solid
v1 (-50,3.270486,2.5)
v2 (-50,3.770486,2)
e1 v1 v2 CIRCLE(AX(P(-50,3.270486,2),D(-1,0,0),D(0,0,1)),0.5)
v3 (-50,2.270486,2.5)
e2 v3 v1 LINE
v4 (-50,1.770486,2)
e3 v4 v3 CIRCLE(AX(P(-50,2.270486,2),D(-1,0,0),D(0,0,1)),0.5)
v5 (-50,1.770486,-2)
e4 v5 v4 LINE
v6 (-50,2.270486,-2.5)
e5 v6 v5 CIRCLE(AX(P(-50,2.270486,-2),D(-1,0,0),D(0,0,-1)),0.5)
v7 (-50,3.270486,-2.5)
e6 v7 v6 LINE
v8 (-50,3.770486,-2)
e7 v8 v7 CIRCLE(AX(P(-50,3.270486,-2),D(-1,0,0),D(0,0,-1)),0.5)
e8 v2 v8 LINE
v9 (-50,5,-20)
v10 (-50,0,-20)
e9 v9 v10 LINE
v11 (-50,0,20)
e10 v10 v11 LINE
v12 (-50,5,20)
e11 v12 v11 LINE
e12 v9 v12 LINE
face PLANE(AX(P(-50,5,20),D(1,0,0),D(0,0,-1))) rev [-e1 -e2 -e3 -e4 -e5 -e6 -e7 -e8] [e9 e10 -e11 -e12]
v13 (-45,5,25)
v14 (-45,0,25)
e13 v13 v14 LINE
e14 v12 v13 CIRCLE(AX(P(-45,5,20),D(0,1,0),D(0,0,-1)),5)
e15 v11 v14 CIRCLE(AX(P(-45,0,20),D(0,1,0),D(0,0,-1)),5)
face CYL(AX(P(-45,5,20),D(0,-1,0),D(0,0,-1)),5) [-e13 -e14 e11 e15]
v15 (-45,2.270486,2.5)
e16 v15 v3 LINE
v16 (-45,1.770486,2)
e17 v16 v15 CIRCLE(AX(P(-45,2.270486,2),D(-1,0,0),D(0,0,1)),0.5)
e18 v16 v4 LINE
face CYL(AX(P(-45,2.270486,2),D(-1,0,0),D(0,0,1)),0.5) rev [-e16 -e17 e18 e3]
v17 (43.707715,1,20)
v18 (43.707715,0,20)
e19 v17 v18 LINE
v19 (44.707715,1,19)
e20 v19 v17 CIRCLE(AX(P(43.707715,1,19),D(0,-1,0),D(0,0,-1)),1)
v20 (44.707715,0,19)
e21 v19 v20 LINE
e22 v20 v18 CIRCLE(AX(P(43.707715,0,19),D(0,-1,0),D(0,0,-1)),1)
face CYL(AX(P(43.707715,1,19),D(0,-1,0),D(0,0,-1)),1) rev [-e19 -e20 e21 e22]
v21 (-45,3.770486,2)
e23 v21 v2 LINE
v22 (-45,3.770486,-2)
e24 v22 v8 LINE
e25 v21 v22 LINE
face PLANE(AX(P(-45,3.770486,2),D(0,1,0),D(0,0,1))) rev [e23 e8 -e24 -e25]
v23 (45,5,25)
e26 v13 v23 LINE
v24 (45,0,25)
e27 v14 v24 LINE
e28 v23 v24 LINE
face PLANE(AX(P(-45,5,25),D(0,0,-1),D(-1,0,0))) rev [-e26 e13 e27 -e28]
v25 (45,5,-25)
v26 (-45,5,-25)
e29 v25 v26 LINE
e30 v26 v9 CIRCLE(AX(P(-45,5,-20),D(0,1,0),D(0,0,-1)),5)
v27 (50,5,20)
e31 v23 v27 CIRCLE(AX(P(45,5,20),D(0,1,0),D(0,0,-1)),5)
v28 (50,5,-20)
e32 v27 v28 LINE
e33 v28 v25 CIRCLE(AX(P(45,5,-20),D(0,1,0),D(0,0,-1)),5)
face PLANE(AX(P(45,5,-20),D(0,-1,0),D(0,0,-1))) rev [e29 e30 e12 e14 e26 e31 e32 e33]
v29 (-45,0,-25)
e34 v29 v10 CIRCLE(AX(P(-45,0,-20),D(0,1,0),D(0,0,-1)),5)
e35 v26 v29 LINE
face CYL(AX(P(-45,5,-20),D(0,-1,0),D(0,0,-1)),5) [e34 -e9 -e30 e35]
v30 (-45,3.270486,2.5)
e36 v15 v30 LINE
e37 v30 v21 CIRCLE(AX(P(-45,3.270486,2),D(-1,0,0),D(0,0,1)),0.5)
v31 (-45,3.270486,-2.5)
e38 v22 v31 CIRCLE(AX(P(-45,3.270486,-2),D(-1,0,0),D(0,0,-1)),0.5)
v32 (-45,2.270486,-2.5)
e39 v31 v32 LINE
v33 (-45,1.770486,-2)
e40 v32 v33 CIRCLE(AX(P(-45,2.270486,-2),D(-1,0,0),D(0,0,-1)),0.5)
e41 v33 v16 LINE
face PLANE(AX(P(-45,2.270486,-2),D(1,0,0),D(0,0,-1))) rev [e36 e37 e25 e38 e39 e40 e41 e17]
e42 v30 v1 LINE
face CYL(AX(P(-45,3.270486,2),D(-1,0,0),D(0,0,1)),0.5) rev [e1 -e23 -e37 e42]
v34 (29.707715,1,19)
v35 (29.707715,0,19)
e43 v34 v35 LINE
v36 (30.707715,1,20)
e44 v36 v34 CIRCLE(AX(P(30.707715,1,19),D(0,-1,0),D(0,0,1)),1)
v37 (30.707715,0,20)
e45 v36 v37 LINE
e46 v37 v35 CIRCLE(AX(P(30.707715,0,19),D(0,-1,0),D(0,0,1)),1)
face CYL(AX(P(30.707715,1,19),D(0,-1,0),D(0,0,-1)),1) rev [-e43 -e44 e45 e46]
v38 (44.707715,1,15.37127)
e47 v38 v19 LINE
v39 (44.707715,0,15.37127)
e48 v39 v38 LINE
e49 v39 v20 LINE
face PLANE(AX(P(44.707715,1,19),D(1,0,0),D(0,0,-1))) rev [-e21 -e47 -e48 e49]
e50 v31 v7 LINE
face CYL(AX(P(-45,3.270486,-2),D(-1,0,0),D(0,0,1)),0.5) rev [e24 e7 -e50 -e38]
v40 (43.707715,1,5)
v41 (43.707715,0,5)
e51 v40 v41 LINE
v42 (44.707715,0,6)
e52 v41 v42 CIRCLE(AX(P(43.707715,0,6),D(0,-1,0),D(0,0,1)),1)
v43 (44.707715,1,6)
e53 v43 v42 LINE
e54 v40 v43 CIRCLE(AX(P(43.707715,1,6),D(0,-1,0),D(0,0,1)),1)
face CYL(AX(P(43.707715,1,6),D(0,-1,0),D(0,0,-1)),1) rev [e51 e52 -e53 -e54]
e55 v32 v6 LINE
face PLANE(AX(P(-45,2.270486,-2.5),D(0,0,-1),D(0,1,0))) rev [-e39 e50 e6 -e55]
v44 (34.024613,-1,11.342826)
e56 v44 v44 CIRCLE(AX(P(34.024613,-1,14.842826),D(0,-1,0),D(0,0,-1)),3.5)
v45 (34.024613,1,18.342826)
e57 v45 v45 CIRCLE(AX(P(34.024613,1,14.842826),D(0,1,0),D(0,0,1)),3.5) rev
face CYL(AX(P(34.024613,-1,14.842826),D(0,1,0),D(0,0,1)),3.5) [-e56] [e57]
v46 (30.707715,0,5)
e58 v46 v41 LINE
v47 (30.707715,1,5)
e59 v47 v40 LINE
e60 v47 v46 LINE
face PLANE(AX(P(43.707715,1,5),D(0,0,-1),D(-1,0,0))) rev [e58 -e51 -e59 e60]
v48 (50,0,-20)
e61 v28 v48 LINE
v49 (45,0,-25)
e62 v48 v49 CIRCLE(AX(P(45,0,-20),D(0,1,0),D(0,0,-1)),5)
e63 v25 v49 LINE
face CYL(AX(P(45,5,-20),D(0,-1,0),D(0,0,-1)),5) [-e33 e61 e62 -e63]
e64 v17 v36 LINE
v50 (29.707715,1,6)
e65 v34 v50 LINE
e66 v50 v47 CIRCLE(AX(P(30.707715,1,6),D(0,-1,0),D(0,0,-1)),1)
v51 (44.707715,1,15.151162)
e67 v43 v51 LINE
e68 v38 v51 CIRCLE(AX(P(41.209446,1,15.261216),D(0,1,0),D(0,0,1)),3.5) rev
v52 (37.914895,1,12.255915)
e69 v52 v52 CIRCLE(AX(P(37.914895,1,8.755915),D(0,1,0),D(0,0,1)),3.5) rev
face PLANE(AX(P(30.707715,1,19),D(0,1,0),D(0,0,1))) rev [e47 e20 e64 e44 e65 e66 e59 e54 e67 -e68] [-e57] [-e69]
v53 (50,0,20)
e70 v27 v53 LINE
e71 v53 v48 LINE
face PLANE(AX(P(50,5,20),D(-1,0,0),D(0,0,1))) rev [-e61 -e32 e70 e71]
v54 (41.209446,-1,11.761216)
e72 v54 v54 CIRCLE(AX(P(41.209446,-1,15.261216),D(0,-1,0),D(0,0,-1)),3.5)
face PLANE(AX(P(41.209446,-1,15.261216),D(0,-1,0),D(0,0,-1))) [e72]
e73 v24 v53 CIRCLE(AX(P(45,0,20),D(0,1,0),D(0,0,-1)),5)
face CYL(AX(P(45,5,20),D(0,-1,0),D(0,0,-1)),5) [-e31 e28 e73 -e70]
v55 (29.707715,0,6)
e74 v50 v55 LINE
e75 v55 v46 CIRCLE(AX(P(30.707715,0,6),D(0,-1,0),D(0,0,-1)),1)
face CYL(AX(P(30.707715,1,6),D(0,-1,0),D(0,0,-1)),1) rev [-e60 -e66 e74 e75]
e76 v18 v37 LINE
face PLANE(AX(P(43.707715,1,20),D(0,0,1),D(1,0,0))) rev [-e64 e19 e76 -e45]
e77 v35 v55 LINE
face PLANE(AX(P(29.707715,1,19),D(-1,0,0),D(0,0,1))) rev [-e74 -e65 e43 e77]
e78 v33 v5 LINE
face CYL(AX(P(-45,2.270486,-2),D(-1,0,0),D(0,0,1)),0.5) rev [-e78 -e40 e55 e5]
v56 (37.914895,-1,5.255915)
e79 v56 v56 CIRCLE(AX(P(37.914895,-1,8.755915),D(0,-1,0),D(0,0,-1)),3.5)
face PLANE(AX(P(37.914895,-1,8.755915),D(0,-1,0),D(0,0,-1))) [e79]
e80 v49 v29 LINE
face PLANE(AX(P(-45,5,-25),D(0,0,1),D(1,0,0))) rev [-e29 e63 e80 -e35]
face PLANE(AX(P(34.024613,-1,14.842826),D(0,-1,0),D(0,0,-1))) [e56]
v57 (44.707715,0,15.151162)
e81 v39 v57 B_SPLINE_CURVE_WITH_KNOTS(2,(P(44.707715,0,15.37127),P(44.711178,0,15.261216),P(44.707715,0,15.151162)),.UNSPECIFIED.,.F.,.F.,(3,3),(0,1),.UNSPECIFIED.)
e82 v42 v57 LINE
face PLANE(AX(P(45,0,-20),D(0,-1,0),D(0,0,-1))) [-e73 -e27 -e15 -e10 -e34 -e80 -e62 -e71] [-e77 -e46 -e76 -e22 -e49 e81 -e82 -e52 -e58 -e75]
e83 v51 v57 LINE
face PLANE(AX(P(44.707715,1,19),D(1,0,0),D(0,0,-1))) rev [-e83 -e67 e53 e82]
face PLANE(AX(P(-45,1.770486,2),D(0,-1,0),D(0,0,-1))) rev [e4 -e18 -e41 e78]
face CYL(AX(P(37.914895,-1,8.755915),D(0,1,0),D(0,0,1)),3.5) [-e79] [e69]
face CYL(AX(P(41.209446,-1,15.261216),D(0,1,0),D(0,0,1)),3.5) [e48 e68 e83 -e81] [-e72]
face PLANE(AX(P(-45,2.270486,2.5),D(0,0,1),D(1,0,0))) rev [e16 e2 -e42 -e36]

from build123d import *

# Parameters (mm, degrees)
BOSS_EXTRUDE1_DEPTH = 5
CUT_EXTRUDE1_DEPTH  = 1
SKETCH3_R           = 3.5
BOSS_EXTRUDE2_DEPTH = 2
CUT_EXTRUDE2_DEPTH  = 5


with BuildPart() as part:
    # Sketch1 → Boss-Extrude1 (new body)
    with BuildSketch(Plane(origin=(0, 0, 0), x_dir=(1, 0, 0), z_dir=(0, 1, 0))):
        with BuildLine():
            Line((-45, -25), (45, -25))
            ThreePointArc((45, -25), (48.535533906, -23.535533906), (50, -20))
            Line((50, -20), (50, 20))
            ThreePointArc((50, 20), (48.535533906, 23.535533906), (45, 25))
            Line((45, 25), (-45, 25))
            ThreePointArc((-45, 25), (-48.535533906, 23.535533906), (-50, 20))
            Line((-50, 20), (-50, -20))
            ThreePointArc((-50, -20), (-48.535533906, -23.535533906), (-45, -25))
        make_face()
    extrude(amount=BOSS_EXTRUDE1_DEPTH)

    # Sketch2 → Cut-Extrude1 (cut)
    with BuildSketch(Plane(origin=(0, 0, 0), x_dir=(-1, 0, 0), z_dir=(0, -1, 0))):
        with BuildLine():
            Line((-43.707715382, -20), (-30.707715382, -20))
            ThreePointArc((-30.707715382, -20), (-30.0006086, -19.707106781), (-29.707715382, -19))
            Line((-29.707715382, -19), (-29.707715382, -6))
            ThreePointArc((-29.707715382, -6), (-30.0006086, -5.292893219), (-30.707715382, -5))
            Line((-30.707715382, -5), (-43.707715382, -5))
            ThreePointArc((-43.707715382, -5), (-44.414822163, -5.292893219), (-44.707715382, -6))
            Line((-44.707715382, -6), (-44.707715382, -19))
            ThreePointArc((-44.707715382, -19), (-44.414822163, -19.707106781), (-43.707715382, -20))
        make_face()
    extrude(amount=-CUT_EXTRUDE1_DEPTH, mode=Mode.SUBTRACT)

    # Sketch3 → Boss-Extrude2 (add)
    with BuildSketch(Plane(origin=(0, 1, 0), x_dir=(-1, 0, 0), z_dir=(0, -1, 0))):
        with Locations(Location((-37.914895337, -8.755915312, 0), (0, 0, 270))):
            Circle(SKETCH3_R)
        with Locations(Location((-34.024612955, -14.842826033, 0), (0, 0, 270))):
            Circle(SKETCH3_R)
        with Locations(Location((-41.209446078, -15.261216115, 0), (0, 0, 181.801905024))):
            Circle(SKETCH3_R)
    extrude(amount=BOSS_EXTRUDE2_DEPTH)

    # Sketch4 → Cut-Extrude2 (cut)
    with BuildSketch(Plane.ZY.offset(50)):
        with BuildLine():
            Line((2, 1.770486386), (-2, 1.770486386))
            ThreePointArc((-2, 1.770486386), (-2.353553391, 1.916932996), (-2.5, 2.270486386))
            Line((-2.5, 2.270486386), (-2.5, 3.270486386))
            ThreePointArc((-2.5, 3.270486386), (-2.353553391, 3.624039777), (-2, 3.770486386))
            Line((-2, 3.770486386), (2, 3.770486386))
            ThreePointArc((2, 3.770486386), (2.353553391, 3.624039777), (2.5, 3.270486386))
            Line((2.5, 3.270486386), (2.5, 2.270486386))
            ThreePointArc((2.5, 2.270486386), (2.353553391, 1.916932996), (2, 1.770486386))
        make_face()
    extrude(amount=-CUT_EXTRUDE2_DEPTH, mode=Mode.SUBTRACT)


solid = part.part
